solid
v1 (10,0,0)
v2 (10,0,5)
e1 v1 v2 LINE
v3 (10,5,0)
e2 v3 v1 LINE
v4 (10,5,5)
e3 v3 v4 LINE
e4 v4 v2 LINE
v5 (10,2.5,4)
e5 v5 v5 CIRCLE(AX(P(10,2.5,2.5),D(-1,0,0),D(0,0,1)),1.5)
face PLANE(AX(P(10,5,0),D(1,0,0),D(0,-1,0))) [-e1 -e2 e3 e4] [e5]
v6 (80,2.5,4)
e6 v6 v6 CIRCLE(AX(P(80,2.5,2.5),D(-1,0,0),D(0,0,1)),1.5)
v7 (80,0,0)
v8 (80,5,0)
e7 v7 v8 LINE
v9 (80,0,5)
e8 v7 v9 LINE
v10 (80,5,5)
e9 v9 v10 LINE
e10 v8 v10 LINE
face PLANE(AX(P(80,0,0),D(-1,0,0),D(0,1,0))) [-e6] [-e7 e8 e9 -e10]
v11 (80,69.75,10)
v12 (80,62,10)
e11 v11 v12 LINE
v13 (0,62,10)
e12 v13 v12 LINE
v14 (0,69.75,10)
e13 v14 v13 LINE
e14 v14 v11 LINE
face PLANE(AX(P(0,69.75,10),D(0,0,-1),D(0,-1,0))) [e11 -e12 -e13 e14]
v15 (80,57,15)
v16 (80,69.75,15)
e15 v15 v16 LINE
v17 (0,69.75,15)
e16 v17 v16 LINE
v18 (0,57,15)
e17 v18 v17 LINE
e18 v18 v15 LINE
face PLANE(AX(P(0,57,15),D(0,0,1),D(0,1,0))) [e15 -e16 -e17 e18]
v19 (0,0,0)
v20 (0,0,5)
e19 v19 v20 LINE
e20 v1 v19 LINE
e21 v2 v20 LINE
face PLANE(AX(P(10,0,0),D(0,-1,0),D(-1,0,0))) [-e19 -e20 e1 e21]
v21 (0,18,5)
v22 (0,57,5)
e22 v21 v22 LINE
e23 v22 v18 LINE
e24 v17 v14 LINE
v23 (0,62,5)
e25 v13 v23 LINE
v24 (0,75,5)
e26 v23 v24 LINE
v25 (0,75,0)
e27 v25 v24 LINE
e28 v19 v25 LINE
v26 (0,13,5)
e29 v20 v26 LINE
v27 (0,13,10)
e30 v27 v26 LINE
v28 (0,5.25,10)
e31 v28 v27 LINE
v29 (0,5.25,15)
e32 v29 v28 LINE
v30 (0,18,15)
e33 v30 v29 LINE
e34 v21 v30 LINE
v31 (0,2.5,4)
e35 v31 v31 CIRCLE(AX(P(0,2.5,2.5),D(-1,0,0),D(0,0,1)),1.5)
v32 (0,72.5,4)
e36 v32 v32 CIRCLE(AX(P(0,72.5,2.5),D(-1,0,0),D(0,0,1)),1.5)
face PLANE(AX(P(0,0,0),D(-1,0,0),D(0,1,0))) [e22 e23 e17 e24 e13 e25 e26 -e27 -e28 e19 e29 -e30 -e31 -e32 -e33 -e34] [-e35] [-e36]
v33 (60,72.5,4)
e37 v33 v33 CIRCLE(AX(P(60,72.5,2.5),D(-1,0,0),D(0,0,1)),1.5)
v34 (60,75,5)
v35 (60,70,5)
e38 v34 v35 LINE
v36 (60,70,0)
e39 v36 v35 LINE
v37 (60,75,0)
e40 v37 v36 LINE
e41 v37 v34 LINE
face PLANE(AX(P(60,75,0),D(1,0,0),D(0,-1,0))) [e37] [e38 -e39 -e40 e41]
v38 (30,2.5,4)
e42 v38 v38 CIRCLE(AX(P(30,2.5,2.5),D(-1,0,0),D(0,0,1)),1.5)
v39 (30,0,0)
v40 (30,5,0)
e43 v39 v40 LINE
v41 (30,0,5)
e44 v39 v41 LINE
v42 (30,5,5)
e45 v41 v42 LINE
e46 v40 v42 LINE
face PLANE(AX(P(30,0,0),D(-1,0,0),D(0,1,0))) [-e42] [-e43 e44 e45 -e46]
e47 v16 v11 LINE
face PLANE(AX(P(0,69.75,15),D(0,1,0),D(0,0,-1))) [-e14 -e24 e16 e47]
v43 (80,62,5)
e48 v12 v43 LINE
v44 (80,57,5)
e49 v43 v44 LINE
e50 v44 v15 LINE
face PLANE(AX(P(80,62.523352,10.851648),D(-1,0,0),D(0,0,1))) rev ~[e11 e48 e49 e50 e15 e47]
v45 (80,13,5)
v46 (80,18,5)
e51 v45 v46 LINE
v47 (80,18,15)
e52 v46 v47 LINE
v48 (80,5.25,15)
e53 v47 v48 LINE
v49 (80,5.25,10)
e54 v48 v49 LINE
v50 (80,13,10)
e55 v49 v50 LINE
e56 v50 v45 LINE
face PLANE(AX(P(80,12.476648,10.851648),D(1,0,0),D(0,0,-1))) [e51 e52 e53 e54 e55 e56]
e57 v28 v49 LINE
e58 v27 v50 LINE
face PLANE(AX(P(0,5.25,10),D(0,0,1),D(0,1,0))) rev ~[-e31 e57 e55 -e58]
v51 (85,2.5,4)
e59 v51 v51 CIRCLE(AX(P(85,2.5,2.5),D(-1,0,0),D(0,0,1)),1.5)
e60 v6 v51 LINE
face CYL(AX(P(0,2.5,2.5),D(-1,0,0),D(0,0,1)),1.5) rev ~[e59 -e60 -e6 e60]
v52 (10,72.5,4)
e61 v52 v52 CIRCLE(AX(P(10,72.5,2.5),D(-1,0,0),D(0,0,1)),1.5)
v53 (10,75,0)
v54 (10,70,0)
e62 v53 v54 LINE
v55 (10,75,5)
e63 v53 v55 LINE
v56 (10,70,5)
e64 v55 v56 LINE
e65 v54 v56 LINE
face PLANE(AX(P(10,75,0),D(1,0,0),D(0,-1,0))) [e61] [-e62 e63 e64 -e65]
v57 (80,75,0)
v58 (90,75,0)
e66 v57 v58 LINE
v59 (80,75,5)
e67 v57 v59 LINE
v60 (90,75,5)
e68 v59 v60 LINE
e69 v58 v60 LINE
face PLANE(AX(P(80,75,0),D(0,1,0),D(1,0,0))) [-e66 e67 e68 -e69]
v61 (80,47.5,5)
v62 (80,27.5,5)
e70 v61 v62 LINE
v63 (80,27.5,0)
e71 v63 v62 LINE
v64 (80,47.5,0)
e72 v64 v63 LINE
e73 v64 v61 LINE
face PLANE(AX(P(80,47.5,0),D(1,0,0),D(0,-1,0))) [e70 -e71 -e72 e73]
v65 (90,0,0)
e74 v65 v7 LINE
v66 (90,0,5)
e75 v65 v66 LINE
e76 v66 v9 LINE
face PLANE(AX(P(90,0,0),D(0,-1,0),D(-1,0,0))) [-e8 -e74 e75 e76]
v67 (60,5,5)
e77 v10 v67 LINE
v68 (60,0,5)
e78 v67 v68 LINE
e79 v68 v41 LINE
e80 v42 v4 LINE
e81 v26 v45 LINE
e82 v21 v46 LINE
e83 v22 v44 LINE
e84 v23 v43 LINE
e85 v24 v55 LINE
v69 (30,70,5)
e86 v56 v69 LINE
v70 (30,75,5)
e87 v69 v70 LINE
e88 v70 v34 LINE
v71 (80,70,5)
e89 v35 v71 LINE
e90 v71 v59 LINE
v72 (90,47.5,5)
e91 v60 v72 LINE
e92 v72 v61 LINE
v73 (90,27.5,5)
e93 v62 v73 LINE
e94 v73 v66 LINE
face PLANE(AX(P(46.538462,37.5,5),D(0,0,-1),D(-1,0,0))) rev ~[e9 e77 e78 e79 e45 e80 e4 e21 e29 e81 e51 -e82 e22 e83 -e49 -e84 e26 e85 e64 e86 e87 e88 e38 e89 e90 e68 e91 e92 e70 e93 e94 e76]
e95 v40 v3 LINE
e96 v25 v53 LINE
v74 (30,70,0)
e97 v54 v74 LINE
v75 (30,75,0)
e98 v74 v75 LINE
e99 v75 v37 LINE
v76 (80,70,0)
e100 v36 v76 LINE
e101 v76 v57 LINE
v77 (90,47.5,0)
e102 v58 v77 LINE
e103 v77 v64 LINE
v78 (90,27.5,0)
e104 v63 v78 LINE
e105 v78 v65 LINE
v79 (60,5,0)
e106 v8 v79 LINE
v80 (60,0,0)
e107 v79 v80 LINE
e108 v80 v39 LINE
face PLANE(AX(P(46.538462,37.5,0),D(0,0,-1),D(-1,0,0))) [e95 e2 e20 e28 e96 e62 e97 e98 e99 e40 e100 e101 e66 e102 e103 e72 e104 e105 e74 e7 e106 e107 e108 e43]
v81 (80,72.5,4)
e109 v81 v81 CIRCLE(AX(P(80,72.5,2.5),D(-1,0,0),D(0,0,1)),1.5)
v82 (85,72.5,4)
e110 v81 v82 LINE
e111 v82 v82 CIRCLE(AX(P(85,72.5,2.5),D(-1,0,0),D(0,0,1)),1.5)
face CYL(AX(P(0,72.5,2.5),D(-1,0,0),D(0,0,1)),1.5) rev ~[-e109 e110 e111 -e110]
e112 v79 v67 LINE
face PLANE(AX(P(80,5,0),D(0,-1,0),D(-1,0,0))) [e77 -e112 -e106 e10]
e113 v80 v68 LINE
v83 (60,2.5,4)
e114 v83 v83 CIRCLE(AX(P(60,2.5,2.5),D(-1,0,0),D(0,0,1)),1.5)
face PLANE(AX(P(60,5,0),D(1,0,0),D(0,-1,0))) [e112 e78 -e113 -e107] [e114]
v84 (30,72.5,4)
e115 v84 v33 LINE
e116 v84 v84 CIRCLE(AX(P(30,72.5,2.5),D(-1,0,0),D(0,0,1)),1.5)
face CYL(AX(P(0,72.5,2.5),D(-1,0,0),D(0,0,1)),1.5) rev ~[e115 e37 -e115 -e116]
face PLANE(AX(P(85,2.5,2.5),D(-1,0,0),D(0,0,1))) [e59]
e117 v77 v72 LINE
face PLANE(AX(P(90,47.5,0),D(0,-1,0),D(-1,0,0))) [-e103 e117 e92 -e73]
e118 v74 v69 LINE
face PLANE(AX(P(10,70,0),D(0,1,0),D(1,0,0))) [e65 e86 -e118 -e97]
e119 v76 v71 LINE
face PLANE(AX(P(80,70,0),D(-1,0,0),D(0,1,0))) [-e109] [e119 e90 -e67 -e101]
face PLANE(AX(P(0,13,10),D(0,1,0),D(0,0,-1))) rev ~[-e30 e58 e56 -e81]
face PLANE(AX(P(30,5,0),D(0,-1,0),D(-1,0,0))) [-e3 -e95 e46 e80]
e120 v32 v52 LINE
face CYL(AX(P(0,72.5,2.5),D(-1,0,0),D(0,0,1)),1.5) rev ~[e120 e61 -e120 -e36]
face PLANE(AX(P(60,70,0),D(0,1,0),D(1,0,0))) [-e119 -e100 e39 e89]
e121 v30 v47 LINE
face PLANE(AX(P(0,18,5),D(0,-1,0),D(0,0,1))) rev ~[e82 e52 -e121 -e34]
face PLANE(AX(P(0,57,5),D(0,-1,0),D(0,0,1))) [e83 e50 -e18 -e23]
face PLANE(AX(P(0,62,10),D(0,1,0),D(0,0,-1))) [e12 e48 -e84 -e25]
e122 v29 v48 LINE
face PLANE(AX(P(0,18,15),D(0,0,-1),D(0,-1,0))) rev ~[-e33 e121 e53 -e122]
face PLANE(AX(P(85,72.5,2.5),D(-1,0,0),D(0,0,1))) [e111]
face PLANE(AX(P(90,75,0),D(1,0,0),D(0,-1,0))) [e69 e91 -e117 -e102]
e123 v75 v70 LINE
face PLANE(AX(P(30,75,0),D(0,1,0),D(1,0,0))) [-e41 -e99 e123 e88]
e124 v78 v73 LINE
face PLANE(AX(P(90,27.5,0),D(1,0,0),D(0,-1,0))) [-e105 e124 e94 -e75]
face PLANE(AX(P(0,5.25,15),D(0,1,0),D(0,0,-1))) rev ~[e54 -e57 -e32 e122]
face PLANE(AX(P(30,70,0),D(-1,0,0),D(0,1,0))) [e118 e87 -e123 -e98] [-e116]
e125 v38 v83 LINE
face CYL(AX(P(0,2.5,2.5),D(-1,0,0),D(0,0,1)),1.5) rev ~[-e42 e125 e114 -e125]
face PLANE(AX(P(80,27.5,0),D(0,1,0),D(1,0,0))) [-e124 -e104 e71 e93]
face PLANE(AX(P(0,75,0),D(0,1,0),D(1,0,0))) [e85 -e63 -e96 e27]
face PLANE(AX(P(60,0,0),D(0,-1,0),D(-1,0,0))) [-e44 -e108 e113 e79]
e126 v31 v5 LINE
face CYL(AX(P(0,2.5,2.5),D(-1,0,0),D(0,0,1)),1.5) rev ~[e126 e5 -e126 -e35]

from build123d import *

# Parameters (mm, degrees)
BOSS_EXTRU_1_DEPTH      = 5
BOSS_EXTRU_2_DEPTH      = 80
ESQUISSE5_R             = 1.5
ENL_V_MAT_EXTRU_1_DEPTH = 85


with BuildPart() as part:
    # Esquisse1 → Boss.-Extru.1 (new body)
    with BuildSketch(Plane.XY):
        Polygon((90, 47.5), (80, 47.5), (80, 27.5), (90, 27.5), (90, 0), (80, 0), (80, 5), (60, 5), (60, 0), (30, 0), (30, 5), (10, 5), (10, 0), (0, 0), (0, 75), (10, 75), (10, 70), (30, 70), (30, 75), (60, 75), (60, 70), (80, 70), (80, 75), (90, 75), align=None)
    extrude(amount=BOSS_EXTRU_1_DEPTH)

    # Esquisse3 → Boss.-Extru.2 (add)
    with BuildSketch(Plane.ZY):
        Polygon((5, 18), (15, 18), (15, 5.25), (10, 5.25), (10, 13), (5, 13), align=None)
        Polygon((5, 62), (5, 57), (15, 57), (15, 69.75), (10, 69.75), (10, 62), align=None)
    extrude(amount=-BOSS_EXTRU_2_DEPTH)

    # Esquisse5 → Enlèv. mat.-Extru.1 (cut)
    with BuildSketch(Plane.ZY):
        with Locations((2.5, 2.5)):
            Circle(ESQUISSE5_R)
        with Locations((2.5, 72.5)):
            Circle(ESQUISSE5_R)
    extrude(amount=-ENL_V_MAT_EXTRU_1_DEPTH, mode=Mode.SUBTRACT)


solid = part.part
